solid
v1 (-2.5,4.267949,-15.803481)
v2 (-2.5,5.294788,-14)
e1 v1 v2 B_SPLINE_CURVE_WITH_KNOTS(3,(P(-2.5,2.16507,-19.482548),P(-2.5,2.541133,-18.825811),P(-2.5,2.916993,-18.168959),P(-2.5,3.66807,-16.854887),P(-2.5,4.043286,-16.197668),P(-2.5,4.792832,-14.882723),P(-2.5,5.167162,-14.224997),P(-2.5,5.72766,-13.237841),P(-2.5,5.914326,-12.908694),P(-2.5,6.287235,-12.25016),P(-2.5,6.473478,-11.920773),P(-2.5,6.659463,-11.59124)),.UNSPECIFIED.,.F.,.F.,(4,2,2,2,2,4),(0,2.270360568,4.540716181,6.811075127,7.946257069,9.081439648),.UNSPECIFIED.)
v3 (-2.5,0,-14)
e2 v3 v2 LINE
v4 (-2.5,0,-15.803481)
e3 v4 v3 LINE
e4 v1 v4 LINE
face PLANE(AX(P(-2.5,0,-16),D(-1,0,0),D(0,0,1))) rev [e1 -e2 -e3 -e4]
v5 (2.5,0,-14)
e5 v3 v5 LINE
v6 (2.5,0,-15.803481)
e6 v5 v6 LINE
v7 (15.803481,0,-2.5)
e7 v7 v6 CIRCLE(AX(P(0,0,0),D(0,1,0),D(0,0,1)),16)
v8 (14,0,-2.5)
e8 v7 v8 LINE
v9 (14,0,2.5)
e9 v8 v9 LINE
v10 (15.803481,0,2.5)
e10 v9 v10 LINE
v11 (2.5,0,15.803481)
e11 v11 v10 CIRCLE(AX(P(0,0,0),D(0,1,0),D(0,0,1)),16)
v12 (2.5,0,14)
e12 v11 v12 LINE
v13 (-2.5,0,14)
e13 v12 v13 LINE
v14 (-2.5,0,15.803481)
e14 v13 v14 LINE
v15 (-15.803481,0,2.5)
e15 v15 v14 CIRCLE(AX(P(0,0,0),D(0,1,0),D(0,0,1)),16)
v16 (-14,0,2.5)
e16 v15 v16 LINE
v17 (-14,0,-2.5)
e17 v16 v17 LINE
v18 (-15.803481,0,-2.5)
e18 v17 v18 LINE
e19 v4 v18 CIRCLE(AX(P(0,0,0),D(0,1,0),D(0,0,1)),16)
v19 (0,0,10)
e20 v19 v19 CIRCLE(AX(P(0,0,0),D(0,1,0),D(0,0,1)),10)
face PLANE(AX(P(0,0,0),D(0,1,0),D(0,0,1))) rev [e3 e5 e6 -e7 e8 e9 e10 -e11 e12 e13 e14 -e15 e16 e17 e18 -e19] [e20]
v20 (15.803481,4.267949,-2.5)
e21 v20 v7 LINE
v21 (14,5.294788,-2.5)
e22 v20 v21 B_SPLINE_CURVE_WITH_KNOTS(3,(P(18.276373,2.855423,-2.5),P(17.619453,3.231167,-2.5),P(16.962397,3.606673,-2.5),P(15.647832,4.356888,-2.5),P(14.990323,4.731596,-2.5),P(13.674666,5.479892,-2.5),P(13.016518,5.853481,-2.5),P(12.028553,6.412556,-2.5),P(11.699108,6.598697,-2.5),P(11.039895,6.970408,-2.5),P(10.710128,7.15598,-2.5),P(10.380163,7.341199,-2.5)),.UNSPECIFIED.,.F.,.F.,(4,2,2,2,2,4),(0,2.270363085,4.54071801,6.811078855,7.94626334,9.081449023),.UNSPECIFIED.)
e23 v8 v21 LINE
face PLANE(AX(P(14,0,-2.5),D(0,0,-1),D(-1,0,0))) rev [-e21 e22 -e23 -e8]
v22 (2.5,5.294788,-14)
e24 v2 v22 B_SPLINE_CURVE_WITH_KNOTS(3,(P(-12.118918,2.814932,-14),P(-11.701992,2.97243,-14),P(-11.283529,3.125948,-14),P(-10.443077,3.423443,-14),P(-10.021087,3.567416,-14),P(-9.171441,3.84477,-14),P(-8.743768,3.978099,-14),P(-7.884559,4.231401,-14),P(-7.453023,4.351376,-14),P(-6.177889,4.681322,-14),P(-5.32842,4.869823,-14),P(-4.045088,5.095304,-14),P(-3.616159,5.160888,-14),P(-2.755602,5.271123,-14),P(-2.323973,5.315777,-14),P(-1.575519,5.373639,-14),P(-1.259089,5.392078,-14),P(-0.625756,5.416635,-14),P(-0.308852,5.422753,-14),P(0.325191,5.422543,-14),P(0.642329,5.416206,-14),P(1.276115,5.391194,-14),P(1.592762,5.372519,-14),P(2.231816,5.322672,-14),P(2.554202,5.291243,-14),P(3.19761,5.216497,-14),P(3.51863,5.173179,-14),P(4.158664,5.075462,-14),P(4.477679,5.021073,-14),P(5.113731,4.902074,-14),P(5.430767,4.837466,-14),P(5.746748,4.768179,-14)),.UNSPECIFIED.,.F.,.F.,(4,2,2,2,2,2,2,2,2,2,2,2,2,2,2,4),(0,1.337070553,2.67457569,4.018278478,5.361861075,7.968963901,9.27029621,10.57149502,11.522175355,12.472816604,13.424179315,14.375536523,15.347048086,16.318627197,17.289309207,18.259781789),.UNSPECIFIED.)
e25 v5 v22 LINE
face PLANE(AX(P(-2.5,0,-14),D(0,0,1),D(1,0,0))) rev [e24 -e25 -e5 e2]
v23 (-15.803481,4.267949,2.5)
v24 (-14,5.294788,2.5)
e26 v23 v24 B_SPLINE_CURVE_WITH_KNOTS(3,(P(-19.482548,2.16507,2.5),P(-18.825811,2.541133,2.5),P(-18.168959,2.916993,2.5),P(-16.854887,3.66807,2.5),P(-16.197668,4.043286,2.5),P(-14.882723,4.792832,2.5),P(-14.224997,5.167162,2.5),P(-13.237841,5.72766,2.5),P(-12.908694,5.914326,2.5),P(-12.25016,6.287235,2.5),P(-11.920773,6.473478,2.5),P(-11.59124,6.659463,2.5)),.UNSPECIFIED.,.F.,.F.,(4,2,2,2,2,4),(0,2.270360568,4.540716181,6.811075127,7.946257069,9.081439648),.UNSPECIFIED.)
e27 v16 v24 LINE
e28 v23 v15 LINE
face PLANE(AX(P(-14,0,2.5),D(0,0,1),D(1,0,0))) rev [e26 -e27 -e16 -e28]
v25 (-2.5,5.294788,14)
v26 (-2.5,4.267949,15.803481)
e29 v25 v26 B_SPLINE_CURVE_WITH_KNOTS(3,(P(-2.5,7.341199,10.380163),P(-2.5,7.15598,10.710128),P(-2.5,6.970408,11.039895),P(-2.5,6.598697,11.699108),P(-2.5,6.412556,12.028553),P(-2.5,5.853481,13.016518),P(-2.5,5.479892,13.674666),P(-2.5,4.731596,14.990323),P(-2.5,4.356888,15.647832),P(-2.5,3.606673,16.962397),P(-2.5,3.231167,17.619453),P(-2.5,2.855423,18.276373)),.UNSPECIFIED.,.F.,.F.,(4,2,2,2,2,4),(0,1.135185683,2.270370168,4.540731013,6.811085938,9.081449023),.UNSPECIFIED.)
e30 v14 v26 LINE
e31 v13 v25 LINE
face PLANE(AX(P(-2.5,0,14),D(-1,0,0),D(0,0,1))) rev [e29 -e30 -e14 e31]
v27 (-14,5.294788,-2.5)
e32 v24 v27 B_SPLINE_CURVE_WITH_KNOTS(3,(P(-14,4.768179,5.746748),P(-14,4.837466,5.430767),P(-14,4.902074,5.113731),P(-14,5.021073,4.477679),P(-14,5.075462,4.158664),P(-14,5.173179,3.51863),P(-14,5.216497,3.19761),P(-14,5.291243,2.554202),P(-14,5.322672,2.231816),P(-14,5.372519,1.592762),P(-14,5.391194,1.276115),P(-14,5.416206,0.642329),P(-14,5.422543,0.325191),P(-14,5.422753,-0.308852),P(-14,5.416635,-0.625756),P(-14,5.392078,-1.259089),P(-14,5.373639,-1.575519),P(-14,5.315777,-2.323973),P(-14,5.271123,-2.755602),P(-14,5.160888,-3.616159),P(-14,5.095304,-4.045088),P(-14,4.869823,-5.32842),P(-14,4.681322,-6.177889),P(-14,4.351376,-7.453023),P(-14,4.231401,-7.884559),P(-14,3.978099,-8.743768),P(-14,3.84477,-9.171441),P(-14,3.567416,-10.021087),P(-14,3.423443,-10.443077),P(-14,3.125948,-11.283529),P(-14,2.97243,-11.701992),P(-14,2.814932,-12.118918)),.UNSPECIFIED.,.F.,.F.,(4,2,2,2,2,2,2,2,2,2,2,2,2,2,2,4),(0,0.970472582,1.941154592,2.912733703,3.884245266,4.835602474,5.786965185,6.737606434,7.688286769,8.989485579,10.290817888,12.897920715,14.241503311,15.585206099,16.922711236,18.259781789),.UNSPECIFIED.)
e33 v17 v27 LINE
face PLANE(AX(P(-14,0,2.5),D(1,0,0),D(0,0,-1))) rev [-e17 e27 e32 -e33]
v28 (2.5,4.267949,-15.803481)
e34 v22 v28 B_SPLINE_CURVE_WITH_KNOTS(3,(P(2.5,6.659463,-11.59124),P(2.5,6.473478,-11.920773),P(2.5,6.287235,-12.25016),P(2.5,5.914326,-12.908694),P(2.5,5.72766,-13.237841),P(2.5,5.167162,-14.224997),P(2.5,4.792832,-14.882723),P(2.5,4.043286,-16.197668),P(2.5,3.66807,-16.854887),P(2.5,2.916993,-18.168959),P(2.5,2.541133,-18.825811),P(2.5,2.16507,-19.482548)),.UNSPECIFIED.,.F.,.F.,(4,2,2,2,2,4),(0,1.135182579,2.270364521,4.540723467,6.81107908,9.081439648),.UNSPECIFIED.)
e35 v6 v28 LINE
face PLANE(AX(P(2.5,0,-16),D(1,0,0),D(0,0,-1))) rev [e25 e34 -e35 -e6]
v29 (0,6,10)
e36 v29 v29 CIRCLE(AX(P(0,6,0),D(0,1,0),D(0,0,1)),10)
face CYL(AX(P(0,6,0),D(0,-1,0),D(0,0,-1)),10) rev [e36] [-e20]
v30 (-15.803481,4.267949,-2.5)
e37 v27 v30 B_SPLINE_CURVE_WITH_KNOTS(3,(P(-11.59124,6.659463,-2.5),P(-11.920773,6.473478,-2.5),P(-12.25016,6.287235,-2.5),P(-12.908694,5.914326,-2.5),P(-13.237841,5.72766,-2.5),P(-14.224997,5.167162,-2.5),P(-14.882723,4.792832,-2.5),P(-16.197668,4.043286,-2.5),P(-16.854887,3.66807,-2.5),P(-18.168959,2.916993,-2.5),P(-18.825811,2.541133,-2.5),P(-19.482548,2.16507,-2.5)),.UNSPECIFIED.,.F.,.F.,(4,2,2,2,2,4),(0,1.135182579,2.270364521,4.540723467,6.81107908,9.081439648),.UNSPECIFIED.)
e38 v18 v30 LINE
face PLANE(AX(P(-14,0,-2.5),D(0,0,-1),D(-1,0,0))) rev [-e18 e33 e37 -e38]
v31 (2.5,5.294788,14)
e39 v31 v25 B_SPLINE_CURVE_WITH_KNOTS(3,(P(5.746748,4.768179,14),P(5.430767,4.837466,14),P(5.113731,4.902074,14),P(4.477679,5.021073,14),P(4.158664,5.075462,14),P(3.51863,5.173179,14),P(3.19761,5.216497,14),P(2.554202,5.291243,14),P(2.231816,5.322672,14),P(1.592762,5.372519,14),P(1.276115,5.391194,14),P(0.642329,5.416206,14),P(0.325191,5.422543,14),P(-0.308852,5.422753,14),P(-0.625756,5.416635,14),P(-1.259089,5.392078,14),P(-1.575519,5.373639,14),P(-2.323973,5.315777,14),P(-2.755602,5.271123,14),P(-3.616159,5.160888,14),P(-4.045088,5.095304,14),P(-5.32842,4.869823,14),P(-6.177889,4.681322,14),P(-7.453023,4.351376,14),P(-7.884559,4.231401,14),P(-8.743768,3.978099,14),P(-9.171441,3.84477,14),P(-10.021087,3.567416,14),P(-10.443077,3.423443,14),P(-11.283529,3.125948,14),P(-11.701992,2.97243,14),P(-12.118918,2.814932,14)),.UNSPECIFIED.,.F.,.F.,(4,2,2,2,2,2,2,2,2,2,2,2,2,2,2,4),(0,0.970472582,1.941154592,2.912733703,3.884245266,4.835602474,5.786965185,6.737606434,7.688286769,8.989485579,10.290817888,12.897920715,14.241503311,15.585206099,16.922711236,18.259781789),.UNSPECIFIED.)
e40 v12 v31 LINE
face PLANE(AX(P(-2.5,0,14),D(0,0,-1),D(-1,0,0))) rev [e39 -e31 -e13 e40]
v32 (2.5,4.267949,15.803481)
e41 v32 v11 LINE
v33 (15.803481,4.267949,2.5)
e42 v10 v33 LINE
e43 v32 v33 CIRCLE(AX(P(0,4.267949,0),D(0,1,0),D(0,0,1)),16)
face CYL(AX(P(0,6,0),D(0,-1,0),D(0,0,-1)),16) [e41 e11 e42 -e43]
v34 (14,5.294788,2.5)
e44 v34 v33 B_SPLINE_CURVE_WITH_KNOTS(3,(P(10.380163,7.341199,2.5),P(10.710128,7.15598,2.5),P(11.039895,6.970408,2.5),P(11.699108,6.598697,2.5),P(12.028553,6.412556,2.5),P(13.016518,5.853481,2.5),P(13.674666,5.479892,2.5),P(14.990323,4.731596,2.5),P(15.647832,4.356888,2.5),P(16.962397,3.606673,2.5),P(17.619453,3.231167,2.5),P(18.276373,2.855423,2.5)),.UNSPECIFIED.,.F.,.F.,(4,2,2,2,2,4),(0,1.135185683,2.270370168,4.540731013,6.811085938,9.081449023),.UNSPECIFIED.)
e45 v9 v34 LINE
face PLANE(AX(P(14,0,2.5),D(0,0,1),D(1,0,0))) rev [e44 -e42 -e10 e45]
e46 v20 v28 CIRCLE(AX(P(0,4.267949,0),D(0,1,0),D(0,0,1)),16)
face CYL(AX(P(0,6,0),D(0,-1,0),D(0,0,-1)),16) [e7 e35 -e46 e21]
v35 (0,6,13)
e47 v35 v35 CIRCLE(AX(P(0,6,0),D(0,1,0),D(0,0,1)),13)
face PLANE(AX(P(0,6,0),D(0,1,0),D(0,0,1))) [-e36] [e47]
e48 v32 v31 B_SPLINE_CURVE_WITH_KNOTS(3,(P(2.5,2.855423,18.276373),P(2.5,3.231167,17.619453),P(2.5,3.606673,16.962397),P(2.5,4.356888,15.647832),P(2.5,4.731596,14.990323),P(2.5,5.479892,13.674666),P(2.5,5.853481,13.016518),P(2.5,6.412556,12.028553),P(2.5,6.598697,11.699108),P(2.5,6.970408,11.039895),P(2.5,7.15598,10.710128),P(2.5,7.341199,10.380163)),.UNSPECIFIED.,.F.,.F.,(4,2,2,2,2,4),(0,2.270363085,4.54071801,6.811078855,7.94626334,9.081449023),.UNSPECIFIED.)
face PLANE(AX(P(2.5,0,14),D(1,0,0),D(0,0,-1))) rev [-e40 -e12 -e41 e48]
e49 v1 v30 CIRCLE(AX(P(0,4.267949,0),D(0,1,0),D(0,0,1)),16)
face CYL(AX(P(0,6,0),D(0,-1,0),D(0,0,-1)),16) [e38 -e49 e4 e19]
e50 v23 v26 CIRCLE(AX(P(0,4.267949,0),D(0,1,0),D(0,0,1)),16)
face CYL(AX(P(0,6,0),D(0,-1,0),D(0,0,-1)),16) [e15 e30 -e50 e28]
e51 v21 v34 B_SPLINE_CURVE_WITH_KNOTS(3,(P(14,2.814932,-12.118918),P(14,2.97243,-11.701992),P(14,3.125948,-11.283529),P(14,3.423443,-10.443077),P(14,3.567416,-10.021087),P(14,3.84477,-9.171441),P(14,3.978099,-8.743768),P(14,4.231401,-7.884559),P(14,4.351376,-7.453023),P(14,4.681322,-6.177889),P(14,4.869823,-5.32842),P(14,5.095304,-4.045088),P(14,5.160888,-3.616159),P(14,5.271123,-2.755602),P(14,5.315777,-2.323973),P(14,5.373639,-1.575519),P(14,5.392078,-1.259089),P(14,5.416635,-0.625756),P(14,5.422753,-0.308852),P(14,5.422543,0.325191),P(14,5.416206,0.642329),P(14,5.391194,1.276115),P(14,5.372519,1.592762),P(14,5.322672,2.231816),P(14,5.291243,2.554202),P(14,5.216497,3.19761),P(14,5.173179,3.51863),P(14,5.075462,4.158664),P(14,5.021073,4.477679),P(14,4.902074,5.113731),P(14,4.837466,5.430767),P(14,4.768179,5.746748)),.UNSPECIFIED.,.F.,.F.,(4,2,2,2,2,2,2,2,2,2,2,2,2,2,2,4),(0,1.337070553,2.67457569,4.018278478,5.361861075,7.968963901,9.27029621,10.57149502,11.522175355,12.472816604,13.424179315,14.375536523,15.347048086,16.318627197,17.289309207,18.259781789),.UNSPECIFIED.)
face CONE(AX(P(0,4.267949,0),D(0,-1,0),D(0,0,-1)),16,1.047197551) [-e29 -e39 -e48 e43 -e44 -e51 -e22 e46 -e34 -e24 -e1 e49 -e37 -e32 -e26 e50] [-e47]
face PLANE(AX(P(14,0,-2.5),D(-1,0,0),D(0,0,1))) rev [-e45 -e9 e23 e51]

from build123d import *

# Parameters (mm, degrees)
CROQUIS1_R              = 16
CROQUIS1_R_2            = 10
SALIENTE_EXTRUIR1_DEPTH = 6
CROQUIS2_W              = 5
CROQUIS2_H              = 2
CROQUIS2_W_2            = 2
CROQUIS2_H_2            = 5
CORTAR_EXTRUIR1_DEPTH   = 6


with BuildPart() as part:
    # Croquis1 → Saliente-Extruir1 (new body)
    with BuildSketch(Plane(origin=(0, 0, 0), x_dir=(1, 0, 0), z_dir=(0, 1, 0))):
        with Locations(Location((0, 0, 0), (0, 0, 270))):
            Circle(CROQUIS1_R)
        with Locations(Location((0, 0, 0), (0, 0, 270))):
            Circle(CROQUIS1_R_2, mode=Mode.SUBTRACT)
    extrude(amount=SALIENTE_EXTRUIR1_DEPTH)

    # Croquis2 → Cortar-Extruir1 (cut)
    with BuildSketch(Plane(origin=(0, 6, 0), x_dir=(1, 0, 0), z_dir=(0, 1, 0))):
        with Locations((0, 15)):
            Rectangle(CROQUIS2_W, CROQUIS2_H)
        with Locations((0, -15)):
            Rectangle(CROQUIS2_W, CROQUIS2_H)
        with Locations((15, 0)):
            Rectangle(CROQUIS2_W_2, CROQUIS2_H_2)
        with Locations((-15, 0)):
            Rectangle(CROQUIS2_W_2, CROQUIS2_H_2)
    extrude(amount=-CORTAR_EXTRUIR1_DEPTH, mode=Mode.SUBTRACT)

    # Croquis3 → Cortar-Revolución1 (revolve, cut)
    with BuildSketch(Plane(origin=(0, 0, 0), x_dir=(0, 0, -1), z_dir=(1, 0, 0)), mode=Mode.PRIVATE) as cortar_revoluci_n1_sk:
        Polygon((-16, 6), (-13, 6), (-16, 4.267949192), align=None)
    revolve(cortar_revoluci_n1_sk.sketch.rotate(Axis((0, 6, 0), (0, -1, 0)), 171.010700805), axis=Axis((0, 6, 0), (0, -1, 0)), mode=Mode.SUBTRACT)


solid = part.part
